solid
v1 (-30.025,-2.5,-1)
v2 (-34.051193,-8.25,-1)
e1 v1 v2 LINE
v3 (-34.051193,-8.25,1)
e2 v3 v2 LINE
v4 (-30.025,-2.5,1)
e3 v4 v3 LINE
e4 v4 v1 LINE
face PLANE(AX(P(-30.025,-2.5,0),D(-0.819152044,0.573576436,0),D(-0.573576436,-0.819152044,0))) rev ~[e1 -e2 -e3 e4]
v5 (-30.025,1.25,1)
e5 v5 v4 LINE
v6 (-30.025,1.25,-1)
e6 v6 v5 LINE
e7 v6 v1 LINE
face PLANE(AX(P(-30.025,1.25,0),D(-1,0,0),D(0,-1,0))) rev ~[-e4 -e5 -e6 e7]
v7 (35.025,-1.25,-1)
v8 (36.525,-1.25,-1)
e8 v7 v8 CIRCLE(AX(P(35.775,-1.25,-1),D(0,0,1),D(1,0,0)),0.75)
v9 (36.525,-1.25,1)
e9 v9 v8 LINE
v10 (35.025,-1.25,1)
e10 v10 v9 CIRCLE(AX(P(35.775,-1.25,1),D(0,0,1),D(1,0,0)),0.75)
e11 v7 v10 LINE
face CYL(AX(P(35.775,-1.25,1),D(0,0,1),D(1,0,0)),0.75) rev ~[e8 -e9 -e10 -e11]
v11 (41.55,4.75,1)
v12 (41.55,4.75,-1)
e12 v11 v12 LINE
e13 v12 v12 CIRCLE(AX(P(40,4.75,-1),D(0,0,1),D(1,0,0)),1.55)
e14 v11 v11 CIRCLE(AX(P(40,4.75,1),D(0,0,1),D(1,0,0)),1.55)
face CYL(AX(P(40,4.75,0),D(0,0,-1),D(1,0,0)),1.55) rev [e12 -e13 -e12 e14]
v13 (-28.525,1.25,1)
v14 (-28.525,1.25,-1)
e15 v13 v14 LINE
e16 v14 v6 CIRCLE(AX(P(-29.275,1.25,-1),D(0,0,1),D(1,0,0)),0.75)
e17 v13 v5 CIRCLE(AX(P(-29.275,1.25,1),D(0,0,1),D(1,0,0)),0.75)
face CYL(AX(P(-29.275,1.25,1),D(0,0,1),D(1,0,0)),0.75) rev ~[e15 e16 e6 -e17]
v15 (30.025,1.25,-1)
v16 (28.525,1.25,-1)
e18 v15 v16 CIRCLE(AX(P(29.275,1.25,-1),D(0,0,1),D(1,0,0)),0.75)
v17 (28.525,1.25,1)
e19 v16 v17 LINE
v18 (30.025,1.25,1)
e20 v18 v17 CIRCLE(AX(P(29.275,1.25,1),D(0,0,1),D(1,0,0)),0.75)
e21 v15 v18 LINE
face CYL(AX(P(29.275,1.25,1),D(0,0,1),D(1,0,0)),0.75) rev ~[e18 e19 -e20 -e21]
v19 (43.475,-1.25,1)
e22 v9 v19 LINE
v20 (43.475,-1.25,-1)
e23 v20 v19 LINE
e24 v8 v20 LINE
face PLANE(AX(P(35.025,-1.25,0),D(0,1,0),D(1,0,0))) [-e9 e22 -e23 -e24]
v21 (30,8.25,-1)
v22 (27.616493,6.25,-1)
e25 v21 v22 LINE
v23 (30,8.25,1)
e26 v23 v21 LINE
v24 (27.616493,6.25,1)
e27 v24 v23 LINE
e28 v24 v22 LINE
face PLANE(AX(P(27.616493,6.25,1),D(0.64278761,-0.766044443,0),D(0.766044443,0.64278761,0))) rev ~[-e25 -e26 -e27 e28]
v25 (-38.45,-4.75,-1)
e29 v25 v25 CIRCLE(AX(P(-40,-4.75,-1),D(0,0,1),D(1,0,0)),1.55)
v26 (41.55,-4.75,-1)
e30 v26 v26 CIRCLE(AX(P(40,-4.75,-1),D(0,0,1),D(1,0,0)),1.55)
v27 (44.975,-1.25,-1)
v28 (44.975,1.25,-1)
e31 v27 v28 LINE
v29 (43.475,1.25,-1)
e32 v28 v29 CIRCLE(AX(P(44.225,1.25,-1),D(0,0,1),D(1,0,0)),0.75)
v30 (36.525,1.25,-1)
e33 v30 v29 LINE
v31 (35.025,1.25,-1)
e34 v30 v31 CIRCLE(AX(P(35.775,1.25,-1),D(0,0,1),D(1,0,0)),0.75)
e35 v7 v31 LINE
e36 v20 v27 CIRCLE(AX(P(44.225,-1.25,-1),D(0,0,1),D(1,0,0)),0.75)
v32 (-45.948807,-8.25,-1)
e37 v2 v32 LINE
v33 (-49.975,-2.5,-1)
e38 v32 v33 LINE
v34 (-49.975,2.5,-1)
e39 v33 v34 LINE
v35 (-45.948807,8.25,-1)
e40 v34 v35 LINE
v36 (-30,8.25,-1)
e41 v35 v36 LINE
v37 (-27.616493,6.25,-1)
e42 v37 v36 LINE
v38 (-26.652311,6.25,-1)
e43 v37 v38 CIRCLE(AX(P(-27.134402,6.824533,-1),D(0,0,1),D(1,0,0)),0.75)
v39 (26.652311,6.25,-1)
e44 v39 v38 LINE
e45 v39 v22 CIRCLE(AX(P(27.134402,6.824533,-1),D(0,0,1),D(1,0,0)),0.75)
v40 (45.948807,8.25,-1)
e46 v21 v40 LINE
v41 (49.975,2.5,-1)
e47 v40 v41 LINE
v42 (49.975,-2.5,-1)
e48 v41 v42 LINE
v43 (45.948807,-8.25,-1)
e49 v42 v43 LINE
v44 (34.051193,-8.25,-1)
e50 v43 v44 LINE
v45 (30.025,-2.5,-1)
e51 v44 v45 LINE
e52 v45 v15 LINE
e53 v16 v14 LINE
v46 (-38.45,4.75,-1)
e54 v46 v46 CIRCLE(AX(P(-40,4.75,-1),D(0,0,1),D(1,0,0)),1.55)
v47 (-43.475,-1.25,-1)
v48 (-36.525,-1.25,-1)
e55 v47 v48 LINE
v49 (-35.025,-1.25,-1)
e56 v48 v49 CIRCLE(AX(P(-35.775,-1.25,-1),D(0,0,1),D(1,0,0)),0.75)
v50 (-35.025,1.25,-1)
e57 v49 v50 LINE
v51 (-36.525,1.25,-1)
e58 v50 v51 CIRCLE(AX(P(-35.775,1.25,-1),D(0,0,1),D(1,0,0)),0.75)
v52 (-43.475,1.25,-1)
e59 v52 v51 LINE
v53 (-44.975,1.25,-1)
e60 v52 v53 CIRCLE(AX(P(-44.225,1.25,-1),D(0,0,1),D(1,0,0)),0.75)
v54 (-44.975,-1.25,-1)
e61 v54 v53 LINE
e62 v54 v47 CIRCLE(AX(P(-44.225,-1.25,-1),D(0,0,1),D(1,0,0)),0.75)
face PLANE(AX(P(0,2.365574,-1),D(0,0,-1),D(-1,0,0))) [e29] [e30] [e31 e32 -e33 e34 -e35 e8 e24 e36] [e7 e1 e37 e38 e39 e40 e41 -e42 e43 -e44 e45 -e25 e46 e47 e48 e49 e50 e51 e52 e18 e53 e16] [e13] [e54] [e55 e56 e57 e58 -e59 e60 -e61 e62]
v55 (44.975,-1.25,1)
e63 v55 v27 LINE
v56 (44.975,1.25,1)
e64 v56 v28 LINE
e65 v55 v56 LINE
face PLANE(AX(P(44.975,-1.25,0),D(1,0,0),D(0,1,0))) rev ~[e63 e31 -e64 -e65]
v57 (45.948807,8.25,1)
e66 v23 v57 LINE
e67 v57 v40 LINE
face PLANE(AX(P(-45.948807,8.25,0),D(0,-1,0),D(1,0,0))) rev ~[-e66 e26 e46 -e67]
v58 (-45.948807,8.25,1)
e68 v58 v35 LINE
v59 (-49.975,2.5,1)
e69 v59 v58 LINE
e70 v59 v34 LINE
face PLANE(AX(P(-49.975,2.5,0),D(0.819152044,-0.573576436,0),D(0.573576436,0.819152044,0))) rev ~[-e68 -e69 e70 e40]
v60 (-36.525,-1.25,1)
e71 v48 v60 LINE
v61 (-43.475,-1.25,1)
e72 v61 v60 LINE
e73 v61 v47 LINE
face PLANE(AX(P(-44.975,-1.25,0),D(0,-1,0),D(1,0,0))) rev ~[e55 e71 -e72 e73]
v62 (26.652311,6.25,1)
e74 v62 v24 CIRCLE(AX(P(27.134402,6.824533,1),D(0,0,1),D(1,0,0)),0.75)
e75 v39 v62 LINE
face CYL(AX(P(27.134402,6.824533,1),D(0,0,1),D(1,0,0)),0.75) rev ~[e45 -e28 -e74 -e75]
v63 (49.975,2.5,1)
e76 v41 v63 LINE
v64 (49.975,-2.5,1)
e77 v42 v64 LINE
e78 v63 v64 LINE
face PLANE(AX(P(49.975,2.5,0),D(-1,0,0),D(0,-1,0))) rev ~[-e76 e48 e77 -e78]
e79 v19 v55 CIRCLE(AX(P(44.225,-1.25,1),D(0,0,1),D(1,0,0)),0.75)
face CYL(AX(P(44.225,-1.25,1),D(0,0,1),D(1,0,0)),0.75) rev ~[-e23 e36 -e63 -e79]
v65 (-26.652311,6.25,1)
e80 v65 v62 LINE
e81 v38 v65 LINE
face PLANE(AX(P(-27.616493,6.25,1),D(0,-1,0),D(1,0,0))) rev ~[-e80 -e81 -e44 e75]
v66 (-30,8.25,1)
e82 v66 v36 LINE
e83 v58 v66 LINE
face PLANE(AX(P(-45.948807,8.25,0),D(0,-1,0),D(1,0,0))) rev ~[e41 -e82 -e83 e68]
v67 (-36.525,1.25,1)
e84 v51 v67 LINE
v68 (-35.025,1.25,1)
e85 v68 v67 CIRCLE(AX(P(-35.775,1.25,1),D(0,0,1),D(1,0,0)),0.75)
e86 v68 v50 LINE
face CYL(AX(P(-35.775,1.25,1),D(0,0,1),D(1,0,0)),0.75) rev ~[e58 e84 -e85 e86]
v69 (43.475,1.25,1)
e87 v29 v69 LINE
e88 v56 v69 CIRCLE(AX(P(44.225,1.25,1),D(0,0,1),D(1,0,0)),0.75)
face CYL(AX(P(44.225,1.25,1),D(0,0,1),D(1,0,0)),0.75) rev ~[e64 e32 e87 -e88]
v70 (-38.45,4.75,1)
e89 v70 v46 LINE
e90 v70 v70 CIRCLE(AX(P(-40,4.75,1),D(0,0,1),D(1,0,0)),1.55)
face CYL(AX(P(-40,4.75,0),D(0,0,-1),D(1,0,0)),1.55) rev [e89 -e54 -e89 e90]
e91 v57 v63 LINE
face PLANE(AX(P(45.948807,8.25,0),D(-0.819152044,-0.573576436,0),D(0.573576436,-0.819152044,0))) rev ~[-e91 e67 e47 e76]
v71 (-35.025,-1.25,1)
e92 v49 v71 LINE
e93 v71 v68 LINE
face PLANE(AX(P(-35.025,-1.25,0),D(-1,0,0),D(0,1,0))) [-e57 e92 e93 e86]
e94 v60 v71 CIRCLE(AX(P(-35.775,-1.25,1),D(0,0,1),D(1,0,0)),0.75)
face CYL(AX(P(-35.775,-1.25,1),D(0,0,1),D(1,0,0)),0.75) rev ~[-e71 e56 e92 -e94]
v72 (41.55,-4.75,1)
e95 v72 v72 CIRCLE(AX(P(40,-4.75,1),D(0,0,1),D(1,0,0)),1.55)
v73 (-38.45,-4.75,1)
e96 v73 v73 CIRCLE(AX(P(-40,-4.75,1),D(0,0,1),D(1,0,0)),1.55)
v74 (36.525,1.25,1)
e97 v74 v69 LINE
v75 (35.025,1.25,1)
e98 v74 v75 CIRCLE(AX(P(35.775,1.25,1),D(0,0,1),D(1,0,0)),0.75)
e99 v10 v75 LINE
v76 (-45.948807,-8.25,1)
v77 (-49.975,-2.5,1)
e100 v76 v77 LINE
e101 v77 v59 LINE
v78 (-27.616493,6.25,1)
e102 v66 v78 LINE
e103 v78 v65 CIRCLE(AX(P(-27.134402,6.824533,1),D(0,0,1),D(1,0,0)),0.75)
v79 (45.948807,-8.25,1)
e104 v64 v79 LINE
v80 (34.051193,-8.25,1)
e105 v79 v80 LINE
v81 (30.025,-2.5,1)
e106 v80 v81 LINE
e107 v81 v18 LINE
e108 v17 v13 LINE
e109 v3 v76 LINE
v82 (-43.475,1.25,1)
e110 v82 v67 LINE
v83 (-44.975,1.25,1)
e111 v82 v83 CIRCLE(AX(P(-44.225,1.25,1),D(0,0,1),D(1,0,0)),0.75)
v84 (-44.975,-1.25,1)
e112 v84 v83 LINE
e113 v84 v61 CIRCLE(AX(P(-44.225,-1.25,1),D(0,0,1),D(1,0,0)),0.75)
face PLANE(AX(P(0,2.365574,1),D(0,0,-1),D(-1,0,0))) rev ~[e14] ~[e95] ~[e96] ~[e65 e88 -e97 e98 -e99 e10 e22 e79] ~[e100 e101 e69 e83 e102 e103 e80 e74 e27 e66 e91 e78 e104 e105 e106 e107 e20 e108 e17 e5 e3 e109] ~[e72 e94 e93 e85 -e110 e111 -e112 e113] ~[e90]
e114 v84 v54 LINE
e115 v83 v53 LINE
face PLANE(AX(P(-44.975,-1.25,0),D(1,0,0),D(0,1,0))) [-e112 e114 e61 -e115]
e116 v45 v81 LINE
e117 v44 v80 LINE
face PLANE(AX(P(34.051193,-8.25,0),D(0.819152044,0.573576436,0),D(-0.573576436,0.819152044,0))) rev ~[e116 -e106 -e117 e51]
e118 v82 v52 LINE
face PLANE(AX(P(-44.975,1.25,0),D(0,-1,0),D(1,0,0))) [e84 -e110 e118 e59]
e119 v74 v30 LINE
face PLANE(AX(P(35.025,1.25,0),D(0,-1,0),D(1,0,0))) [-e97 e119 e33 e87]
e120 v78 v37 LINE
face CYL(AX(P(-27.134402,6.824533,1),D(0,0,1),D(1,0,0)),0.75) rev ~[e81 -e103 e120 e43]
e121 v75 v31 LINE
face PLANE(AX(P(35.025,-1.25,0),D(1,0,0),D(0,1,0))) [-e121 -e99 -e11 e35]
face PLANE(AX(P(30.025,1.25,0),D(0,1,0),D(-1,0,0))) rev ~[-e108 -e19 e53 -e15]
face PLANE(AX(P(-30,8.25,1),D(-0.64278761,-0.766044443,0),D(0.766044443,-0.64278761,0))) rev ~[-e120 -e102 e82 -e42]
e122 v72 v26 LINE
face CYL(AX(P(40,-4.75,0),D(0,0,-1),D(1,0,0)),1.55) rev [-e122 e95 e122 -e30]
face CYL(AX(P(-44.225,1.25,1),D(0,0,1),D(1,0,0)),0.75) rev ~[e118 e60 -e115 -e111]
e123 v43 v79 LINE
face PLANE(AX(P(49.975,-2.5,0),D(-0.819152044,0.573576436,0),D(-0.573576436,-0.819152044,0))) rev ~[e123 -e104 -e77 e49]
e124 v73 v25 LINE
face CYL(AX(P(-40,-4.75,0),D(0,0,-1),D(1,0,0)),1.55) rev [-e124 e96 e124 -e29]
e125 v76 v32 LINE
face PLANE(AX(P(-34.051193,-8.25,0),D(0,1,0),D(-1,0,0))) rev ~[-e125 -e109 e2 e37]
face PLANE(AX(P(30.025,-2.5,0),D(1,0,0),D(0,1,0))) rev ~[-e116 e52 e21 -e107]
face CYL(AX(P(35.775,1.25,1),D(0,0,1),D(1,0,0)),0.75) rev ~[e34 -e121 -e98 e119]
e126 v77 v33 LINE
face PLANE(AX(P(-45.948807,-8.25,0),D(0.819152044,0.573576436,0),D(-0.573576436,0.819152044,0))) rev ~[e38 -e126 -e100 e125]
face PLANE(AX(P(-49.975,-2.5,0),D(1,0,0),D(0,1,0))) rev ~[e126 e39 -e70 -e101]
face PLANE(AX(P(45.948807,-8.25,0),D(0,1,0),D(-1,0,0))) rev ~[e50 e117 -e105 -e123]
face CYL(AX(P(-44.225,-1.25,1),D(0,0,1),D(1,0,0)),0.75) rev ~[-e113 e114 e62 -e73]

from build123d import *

# Parameters (mm, degrees)
SKETCH_1_R          = 1.55
SKETCH_1_W          = 9.95
SKETCH_1_H          = 2.5
EXTRUDE_1_DEPTH     = 1
SKETCH_2_R          = 0.75
CUT_EXTRUDE_1_DEPTH = 3
CUT_EXTRUDE_2_DEPTH = 3
SKETCH_4_R          = 0.75
CUT_EXTRUDE_3_DEPTH = 3


with BuildPart() as part:
    # 草图1 → 凸台-拉伸1 (new body, symmetric)
    with BuildSketch(Plane.XY):
        Polygon((-30.025, 1.25), (-30.025, -2.5), (-34.051193345, -8.25), (-45.948806655, -8.25), (-49.975, -2.5), (-49.975, 2.5), (-45.948806655, 8.25), (45.948806655, 8.25), (49.975, 2.5), (49.975, -2.5), (45.948806655, -8.25), (34.051193345, -8.25), (30.025, -2.5), (30.025, 1.25), align=None)
        with Locations((-40, 4.75)):
            Circle(SKETCH_1_R, mode=Mode.SUBTRACT)
        with Locations((-40, -4.75)):
            Circle(SKETCH_1_R, mode=Mode.SUBTRACT)
        with Locations((40, -4.75)):
            Circle(SKETCH_1_R, mode=Mode.SUBTRACT)
        with Locations((40, 4.75)):
            Circle(SKETCH_1_R, mode=Mode.SUBTRACT)
        with Locations((-40, 0)):
            Rectangle(SKETCH_1_W, SKETCH_1_H, mode=Mode.SUBTRACT)
        with Locations((40, 0)):
            Rectangle(SKETCH_1_W, SKETCH_1_H, mode=Mode.SUBTRACT)
    extrude(amount=EXTRUDE_1_DEPTH, both=True)

    # 草图2 → 切除-拉伸1 (cut, through all)
    with BuildSketch(Plane.XY.offset(1)):
        with Locations((-35.775, 1.25)):
            Circle(SKETCH_2_R)
        with Locations((-35.775, -1.25)):
            Circle(SKETCH_2_R)
        with Locations((-44.225, 1.25)):
            Circle(SKETCH_2_R)
        with Locations((-44.225, -1.25)):
            Circle(SKETCH_2_R)
        with Locations((-29.275, 1.25)):
            Circle(SKETCH_2_R)
        with Locations((29.275, 1.25)):
            Circle(SKETCH_2_R)
        with Locations((44.225, -1.25)):
            Circle(SKETCH_2_R)
        with Locations((44.225, 1.25)):
            Circle(SKETCH_2_R)
        with Locations((35.775, -1.25)):
            Circle(SKETCH_2_R)
        with Locations((35.775, 1.25)):
            Circle(SKETCH_2_R)
    extrude(amount=-CUT_EXTRUDE_1_DEPTH, mode=Mode.SUBTRACT)

    # 草图3 → 切除-拉伸2 (cut, through all)
    with BuildSketch(Plane.XY.offset(1)):
        Polygon((-30, 8.25), (-27.616492815, 6.25), (27.616492815, 6.25), (30, 8.25), align=None)
    extrude(amount=-CUT_EXTRUDE_2_DEPTH, mode=Mode.SUBTRACT)

    # 草图4 → 切除-拉伸3 (cut, through all)
    with BuildSketch(Plane.XY.offset(1)):
        with Locations((-27.134402108, 6.824533332)):
            Circle(SKETCH_4_R)
        with Locations((27.134402108, 6.824533332)):
            Circle(SKETCH_4_R)
    extrude(amount=-CUT_EXTRUDE_3_DEPTH, mode=Mode.SUBTRACT)


solid = part.part
